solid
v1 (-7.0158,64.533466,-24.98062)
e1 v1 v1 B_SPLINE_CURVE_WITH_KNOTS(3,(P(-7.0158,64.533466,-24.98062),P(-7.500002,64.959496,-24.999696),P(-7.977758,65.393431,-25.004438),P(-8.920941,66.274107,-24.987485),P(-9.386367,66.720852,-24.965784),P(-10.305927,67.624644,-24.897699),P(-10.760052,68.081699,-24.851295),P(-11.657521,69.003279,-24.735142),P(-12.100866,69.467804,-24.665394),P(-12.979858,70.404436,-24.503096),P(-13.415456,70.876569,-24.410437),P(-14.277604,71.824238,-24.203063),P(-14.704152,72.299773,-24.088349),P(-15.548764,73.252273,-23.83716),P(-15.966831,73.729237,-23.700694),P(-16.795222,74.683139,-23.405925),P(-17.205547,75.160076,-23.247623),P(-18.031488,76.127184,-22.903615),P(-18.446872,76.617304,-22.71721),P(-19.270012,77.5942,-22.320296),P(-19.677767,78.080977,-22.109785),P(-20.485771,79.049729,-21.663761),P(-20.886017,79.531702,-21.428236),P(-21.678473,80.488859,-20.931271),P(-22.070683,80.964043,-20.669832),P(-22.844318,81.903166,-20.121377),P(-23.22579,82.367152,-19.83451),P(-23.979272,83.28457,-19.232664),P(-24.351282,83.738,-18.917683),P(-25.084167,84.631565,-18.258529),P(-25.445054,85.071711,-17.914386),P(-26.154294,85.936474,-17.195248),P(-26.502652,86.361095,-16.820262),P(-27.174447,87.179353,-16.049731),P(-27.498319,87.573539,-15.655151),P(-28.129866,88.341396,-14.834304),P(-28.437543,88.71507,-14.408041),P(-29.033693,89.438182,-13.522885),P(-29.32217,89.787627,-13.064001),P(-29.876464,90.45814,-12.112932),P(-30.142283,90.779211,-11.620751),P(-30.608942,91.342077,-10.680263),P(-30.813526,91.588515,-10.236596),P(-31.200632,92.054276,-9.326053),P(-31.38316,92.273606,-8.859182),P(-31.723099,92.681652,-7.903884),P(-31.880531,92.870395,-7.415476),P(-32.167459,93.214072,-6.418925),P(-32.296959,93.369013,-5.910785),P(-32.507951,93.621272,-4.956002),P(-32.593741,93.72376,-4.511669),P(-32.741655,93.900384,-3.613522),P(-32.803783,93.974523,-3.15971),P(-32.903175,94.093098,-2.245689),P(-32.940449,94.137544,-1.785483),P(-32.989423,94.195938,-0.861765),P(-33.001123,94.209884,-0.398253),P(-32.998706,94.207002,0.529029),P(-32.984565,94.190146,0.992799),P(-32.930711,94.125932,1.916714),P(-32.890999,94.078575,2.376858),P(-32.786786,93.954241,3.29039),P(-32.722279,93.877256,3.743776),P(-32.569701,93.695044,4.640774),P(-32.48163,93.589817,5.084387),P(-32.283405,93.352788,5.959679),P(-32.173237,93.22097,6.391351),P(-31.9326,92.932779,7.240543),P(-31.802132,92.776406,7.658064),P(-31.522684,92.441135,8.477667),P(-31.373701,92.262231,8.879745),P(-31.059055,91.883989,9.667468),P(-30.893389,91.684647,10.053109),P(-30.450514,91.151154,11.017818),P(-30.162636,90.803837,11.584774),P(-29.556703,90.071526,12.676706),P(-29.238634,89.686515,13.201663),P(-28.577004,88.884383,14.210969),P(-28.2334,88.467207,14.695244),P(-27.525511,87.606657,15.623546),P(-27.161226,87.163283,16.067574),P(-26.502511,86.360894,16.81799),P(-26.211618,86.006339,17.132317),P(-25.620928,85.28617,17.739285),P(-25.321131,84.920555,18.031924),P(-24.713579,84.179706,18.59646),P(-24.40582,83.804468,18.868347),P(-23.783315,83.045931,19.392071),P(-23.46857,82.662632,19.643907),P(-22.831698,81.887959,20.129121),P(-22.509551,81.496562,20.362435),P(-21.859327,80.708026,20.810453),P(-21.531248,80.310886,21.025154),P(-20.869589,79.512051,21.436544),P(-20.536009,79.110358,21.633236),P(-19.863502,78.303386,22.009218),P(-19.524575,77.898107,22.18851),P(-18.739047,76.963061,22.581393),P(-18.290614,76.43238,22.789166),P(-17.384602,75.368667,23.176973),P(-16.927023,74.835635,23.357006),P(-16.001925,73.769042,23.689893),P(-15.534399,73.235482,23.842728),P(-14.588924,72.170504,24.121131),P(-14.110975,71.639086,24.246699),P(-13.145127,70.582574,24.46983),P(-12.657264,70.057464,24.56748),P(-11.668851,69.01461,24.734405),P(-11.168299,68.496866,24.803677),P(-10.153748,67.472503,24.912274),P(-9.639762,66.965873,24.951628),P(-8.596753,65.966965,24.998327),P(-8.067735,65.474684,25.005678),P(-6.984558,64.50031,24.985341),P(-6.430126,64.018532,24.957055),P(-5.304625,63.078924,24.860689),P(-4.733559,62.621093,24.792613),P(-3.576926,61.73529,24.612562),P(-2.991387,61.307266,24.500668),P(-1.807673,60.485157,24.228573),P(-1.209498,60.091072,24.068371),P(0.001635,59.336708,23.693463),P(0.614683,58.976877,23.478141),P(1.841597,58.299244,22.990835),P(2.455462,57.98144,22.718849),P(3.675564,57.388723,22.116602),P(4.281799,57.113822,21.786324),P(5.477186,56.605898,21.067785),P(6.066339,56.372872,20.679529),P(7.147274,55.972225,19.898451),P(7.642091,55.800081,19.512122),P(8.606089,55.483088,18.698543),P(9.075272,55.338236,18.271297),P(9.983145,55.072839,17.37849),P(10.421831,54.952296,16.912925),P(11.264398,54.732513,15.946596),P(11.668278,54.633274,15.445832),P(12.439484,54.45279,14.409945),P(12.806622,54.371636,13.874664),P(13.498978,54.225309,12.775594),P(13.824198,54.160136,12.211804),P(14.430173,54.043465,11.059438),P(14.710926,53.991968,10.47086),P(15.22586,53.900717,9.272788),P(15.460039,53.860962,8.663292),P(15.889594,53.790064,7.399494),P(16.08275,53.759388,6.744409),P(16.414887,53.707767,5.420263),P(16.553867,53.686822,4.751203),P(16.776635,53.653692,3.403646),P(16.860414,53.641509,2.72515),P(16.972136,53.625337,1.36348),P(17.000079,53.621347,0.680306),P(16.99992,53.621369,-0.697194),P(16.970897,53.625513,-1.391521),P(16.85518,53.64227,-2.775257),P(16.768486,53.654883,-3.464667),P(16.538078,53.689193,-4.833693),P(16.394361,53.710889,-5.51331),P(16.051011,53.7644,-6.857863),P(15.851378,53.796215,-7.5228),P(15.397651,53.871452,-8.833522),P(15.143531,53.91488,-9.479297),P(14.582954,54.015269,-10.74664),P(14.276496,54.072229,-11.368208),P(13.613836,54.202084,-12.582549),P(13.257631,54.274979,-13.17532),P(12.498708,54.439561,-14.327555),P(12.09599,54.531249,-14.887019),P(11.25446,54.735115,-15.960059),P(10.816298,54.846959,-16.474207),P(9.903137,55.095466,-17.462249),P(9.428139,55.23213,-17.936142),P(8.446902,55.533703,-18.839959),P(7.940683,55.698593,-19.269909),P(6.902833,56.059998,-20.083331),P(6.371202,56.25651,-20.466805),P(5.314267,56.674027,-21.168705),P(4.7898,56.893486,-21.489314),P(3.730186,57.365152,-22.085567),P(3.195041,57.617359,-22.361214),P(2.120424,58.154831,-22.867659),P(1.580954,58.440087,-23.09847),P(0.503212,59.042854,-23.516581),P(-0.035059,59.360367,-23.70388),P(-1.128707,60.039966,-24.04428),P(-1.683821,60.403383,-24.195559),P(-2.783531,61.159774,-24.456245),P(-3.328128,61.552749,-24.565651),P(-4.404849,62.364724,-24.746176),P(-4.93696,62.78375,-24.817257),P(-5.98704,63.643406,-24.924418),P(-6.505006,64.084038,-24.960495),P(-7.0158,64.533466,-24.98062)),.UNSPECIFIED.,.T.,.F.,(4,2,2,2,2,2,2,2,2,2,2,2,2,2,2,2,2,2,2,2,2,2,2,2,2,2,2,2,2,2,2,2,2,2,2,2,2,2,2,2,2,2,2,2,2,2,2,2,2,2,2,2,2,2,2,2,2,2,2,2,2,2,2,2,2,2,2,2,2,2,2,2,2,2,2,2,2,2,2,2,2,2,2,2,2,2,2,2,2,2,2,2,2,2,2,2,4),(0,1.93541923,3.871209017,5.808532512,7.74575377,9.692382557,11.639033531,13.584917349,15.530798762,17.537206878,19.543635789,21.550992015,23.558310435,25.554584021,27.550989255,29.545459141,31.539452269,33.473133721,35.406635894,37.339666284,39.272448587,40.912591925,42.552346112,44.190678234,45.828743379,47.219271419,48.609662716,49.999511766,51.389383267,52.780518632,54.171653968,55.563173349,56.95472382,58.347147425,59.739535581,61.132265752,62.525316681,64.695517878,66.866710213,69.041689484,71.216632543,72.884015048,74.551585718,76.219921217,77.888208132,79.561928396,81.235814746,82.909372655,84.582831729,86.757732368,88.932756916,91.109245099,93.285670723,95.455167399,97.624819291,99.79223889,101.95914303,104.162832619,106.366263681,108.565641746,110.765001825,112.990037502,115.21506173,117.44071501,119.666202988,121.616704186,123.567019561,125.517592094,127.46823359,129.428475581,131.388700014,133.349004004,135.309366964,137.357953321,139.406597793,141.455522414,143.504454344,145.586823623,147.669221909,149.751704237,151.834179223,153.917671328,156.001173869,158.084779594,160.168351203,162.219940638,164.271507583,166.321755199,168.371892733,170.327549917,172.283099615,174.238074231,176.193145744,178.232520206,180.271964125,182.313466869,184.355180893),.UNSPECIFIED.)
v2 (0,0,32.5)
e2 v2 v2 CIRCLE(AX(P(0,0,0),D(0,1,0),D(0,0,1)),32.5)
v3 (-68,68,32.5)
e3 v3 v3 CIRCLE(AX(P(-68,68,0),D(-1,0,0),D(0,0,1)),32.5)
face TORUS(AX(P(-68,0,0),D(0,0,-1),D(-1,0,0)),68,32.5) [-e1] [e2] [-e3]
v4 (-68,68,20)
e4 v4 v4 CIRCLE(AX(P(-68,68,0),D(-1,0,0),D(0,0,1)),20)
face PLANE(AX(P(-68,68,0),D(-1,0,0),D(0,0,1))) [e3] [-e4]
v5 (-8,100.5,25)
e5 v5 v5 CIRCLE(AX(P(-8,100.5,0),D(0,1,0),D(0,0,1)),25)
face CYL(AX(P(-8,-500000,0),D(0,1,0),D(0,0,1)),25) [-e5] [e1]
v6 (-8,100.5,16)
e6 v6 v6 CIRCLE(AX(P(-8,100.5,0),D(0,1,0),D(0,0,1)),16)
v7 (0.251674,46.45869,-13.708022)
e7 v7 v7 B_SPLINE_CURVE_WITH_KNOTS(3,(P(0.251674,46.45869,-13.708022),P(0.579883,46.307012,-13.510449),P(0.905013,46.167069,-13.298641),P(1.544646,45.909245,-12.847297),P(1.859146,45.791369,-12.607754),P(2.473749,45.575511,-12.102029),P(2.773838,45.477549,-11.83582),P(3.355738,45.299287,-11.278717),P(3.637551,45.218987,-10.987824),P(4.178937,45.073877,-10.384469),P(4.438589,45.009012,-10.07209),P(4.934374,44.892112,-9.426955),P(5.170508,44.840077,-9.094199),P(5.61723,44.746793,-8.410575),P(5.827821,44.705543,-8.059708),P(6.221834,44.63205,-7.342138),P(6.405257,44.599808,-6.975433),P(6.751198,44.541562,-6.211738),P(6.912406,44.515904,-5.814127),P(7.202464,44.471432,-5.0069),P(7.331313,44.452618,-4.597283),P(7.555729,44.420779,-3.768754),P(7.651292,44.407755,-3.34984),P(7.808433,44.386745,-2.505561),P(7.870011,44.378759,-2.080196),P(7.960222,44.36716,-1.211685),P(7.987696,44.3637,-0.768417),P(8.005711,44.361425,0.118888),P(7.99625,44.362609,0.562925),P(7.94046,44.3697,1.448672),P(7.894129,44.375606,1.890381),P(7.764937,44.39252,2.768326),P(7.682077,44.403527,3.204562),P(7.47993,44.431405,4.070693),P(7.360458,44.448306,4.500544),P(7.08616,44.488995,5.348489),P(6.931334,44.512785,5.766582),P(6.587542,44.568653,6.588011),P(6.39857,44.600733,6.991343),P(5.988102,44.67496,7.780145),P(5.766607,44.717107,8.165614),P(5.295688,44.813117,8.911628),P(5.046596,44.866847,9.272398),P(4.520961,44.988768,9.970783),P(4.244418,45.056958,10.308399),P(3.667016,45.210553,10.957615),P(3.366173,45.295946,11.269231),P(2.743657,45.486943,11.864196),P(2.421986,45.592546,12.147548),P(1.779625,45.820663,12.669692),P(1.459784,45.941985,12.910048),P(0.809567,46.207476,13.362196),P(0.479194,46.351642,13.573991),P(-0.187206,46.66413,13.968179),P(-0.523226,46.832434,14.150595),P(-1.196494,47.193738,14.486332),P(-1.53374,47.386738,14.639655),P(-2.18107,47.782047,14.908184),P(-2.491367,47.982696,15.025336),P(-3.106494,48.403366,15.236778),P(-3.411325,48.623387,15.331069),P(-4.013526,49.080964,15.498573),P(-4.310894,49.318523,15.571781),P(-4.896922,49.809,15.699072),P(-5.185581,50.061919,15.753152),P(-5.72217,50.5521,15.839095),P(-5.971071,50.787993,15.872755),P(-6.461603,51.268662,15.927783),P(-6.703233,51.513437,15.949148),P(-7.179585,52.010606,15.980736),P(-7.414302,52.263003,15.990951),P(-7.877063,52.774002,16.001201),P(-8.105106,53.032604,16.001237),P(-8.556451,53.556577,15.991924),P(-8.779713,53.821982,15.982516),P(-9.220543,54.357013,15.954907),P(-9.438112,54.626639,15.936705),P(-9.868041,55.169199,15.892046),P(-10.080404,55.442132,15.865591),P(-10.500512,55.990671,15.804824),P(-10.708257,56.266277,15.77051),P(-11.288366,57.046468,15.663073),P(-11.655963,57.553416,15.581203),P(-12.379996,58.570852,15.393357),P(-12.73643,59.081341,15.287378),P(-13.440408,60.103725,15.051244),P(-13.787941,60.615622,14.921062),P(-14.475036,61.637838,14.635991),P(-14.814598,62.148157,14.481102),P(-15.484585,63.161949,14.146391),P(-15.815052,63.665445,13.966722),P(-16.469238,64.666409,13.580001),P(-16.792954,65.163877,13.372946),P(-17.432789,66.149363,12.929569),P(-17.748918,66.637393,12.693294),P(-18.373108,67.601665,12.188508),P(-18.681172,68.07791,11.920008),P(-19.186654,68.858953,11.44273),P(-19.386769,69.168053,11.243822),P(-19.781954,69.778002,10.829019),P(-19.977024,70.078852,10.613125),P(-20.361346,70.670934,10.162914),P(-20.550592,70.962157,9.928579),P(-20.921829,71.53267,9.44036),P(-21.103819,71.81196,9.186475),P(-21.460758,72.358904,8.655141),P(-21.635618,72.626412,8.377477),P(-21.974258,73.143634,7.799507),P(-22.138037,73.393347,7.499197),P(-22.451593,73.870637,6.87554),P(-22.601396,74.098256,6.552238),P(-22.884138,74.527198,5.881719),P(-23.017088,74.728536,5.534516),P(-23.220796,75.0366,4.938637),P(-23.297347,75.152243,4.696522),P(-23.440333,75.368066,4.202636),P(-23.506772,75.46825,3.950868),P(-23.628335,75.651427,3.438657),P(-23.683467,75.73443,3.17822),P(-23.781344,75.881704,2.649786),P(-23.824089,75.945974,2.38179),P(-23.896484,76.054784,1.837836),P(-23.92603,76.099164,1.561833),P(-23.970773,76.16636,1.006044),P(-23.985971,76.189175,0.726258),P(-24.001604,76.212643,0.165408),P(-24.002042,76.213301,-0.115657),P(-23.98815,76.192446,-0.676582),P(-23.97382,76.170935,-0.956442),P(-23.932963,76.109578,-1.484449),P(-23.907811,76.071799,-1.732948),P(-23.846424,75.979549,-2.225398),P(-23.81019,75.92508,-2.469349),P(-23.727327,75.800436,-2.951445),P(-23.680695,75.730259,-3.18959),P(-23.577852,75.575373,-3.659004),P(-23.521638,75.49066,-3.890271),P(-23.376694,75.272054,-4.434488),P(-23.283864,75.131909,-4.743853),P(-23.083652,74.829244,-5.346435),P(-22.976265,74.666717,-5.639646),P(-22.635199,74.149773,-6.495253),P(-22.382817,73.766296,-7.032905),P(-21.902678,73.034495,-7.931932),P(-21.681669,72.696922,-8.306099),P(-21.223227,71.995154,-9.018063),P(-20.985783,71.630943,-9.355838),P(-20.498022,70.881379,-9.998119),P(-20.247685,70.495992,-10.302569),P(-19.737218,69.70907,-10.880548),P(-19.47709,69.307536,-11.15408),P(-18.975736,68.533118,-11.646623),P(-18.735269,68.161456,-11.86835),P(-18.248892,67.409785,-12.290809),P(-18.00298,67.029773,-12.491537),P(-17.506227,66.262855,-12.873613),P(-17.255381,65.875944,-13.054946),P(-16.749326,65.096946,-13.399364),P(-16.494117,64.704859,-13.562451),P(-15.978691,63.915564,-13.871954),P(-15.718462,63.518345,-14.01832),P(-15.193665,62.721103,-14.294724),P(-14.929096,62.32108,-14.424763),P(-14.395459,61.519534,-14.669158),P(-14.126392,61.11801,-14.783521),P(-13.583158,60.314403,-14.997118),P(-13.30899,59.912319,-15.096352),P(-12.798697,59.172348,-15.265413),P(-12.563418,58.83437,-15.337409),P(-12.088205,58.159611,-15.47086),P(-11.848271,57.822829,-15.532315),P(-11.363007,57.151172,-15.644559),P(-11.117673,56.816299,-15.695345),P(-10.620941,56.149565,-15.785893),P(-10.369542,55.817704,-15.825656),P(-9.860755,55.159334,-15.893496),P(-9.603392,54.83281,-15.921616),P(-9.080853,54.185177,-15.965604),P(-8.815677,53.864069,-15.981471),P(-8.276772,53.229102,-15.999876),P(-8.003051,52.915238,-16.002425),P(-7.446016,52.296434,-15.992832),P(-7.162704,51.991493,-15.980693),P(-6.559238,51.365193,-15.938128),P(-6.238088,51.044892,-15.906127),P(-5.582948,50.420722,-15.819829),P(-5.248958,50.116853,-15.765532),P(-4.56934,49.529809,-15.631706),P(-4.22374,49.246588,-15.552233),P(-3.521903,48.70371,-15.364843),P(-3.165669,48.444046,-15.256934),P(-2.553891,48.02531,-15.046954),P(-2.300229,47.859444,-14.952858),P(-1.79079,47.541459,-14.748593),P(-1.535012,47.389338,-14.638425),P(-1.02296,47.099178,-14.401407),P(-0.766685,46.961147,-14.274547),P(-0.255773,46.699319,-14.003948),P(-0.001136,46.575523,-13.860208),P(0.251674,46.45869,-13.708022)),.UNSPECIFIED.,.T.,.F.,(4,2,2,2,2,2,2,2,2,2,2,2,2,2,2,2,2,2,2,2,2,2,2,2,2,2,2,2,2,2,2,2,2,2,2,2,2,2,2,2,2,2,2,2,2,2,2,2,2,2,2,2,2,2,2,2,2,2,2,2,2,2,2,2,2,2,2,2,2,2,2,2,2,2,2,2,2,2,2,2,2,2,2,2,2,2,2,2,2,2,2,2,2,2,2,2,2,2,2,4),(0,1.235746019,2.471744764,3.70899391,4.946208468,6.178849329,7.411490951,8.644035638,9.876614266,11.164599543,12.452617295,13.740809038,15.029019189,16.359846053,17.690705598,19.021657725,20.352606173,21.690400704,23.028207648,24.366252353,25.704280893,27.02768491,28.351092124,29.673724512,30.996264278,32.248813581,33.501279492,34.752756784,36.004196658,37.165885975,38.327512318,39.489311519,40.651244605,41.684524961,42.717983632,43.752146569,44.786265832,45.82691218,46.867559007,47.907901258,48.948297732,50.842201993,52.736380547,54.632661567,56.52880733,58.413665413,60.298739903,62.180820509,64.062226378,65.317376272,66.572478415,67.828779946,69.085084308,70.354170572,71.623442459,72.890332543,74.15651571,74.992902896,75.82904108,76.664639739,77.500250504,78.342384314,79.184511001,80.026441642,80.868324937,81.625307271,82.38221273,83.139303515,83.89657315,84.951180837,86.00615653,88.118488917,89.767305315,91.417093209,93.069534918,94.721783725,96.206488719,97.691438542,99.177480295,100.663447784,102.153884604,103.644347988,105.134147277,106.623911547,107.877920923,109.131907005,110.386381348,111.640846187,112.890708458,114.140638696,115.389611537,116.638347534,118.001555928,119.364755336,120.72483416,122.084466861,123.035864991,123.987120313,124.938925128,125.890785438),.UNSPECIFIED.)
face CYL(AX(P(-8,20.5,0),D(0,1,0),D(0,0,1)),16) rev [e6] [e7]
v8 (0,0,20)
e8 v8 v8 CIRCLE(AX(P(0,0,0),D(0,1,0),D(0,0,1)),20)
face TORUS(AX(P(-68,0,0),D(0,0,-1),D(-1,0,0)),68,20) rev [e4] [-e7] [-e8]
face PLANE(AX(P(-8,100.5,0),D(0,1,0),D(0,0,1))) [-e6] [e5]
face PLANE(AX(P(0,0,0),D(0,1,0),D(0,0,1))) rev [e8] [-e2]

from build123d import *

# Parameters (mm, degrees)
SKETCH_1_R          = 32.5
SKETCH_1_R_2        = 20
EXTRUDE_3_REACH     = 102.5
SKETCH_5_R          = 25
SKETCH_9_R          = 16
CUT_EXTRUDE_3_DEPTH = 80


with BuildPart() as part:
    # 扫描1: sweep along a path in 草图2
    with BuildLine(Plane.XY) as sweep_1_path:
        ThreePointArc((0, 0), (-19.916738879, 48.083261121), (-68, 68))
    # 草图1 → 扫描1 (sweep)
    with BuildSketch(Plane(origin=(0, 0, 0), x_dir=(1, 0, 0), z_dir=(0, 1, 0))):
        Circle(SKETCH_1_R)
        Circle(SKETCH_1_R_2, mode=Mode.SUBTRACT)
    sweep(path=sweep_1_path.line)

    # 草图5 → 凸台-拉伸3 (add, up to next)
    with BuildSketch(Plane(origin=(0, 100.5, 0), x_dir=(1, 0, 0), z_dir=(0, 1, 0)), mode=Mode.PRIVATE) as extrude_3_sk1:
        with Locations((-8, 0)):
            Circle(SKETCH_5_R)
    extrude_3_tool1 = extrude(extrude_3_sk1.sketch, amount=-EXTRUDE_3_REACH, mode=Mode.PRIVATE) - part.part
    add(extrude_3_tool1.solids().sort_by_distance((-8, 100.5, 0))[0])

    # 草图9 → 切除-拉伸3 (cut)
    with BuildSketch(Plane(origin=(0, 100.5, 0), x_dir=(1, 0, 0), z_dir=(0, 1, 0))):
        with Locations((-8, 0)):
            Circle(SKETCH_9_R)
    extrude(amount=-CUT_EXTRUDE_3_DEPTH, mode=Mode.SUBTRACT)


solid = part.part
